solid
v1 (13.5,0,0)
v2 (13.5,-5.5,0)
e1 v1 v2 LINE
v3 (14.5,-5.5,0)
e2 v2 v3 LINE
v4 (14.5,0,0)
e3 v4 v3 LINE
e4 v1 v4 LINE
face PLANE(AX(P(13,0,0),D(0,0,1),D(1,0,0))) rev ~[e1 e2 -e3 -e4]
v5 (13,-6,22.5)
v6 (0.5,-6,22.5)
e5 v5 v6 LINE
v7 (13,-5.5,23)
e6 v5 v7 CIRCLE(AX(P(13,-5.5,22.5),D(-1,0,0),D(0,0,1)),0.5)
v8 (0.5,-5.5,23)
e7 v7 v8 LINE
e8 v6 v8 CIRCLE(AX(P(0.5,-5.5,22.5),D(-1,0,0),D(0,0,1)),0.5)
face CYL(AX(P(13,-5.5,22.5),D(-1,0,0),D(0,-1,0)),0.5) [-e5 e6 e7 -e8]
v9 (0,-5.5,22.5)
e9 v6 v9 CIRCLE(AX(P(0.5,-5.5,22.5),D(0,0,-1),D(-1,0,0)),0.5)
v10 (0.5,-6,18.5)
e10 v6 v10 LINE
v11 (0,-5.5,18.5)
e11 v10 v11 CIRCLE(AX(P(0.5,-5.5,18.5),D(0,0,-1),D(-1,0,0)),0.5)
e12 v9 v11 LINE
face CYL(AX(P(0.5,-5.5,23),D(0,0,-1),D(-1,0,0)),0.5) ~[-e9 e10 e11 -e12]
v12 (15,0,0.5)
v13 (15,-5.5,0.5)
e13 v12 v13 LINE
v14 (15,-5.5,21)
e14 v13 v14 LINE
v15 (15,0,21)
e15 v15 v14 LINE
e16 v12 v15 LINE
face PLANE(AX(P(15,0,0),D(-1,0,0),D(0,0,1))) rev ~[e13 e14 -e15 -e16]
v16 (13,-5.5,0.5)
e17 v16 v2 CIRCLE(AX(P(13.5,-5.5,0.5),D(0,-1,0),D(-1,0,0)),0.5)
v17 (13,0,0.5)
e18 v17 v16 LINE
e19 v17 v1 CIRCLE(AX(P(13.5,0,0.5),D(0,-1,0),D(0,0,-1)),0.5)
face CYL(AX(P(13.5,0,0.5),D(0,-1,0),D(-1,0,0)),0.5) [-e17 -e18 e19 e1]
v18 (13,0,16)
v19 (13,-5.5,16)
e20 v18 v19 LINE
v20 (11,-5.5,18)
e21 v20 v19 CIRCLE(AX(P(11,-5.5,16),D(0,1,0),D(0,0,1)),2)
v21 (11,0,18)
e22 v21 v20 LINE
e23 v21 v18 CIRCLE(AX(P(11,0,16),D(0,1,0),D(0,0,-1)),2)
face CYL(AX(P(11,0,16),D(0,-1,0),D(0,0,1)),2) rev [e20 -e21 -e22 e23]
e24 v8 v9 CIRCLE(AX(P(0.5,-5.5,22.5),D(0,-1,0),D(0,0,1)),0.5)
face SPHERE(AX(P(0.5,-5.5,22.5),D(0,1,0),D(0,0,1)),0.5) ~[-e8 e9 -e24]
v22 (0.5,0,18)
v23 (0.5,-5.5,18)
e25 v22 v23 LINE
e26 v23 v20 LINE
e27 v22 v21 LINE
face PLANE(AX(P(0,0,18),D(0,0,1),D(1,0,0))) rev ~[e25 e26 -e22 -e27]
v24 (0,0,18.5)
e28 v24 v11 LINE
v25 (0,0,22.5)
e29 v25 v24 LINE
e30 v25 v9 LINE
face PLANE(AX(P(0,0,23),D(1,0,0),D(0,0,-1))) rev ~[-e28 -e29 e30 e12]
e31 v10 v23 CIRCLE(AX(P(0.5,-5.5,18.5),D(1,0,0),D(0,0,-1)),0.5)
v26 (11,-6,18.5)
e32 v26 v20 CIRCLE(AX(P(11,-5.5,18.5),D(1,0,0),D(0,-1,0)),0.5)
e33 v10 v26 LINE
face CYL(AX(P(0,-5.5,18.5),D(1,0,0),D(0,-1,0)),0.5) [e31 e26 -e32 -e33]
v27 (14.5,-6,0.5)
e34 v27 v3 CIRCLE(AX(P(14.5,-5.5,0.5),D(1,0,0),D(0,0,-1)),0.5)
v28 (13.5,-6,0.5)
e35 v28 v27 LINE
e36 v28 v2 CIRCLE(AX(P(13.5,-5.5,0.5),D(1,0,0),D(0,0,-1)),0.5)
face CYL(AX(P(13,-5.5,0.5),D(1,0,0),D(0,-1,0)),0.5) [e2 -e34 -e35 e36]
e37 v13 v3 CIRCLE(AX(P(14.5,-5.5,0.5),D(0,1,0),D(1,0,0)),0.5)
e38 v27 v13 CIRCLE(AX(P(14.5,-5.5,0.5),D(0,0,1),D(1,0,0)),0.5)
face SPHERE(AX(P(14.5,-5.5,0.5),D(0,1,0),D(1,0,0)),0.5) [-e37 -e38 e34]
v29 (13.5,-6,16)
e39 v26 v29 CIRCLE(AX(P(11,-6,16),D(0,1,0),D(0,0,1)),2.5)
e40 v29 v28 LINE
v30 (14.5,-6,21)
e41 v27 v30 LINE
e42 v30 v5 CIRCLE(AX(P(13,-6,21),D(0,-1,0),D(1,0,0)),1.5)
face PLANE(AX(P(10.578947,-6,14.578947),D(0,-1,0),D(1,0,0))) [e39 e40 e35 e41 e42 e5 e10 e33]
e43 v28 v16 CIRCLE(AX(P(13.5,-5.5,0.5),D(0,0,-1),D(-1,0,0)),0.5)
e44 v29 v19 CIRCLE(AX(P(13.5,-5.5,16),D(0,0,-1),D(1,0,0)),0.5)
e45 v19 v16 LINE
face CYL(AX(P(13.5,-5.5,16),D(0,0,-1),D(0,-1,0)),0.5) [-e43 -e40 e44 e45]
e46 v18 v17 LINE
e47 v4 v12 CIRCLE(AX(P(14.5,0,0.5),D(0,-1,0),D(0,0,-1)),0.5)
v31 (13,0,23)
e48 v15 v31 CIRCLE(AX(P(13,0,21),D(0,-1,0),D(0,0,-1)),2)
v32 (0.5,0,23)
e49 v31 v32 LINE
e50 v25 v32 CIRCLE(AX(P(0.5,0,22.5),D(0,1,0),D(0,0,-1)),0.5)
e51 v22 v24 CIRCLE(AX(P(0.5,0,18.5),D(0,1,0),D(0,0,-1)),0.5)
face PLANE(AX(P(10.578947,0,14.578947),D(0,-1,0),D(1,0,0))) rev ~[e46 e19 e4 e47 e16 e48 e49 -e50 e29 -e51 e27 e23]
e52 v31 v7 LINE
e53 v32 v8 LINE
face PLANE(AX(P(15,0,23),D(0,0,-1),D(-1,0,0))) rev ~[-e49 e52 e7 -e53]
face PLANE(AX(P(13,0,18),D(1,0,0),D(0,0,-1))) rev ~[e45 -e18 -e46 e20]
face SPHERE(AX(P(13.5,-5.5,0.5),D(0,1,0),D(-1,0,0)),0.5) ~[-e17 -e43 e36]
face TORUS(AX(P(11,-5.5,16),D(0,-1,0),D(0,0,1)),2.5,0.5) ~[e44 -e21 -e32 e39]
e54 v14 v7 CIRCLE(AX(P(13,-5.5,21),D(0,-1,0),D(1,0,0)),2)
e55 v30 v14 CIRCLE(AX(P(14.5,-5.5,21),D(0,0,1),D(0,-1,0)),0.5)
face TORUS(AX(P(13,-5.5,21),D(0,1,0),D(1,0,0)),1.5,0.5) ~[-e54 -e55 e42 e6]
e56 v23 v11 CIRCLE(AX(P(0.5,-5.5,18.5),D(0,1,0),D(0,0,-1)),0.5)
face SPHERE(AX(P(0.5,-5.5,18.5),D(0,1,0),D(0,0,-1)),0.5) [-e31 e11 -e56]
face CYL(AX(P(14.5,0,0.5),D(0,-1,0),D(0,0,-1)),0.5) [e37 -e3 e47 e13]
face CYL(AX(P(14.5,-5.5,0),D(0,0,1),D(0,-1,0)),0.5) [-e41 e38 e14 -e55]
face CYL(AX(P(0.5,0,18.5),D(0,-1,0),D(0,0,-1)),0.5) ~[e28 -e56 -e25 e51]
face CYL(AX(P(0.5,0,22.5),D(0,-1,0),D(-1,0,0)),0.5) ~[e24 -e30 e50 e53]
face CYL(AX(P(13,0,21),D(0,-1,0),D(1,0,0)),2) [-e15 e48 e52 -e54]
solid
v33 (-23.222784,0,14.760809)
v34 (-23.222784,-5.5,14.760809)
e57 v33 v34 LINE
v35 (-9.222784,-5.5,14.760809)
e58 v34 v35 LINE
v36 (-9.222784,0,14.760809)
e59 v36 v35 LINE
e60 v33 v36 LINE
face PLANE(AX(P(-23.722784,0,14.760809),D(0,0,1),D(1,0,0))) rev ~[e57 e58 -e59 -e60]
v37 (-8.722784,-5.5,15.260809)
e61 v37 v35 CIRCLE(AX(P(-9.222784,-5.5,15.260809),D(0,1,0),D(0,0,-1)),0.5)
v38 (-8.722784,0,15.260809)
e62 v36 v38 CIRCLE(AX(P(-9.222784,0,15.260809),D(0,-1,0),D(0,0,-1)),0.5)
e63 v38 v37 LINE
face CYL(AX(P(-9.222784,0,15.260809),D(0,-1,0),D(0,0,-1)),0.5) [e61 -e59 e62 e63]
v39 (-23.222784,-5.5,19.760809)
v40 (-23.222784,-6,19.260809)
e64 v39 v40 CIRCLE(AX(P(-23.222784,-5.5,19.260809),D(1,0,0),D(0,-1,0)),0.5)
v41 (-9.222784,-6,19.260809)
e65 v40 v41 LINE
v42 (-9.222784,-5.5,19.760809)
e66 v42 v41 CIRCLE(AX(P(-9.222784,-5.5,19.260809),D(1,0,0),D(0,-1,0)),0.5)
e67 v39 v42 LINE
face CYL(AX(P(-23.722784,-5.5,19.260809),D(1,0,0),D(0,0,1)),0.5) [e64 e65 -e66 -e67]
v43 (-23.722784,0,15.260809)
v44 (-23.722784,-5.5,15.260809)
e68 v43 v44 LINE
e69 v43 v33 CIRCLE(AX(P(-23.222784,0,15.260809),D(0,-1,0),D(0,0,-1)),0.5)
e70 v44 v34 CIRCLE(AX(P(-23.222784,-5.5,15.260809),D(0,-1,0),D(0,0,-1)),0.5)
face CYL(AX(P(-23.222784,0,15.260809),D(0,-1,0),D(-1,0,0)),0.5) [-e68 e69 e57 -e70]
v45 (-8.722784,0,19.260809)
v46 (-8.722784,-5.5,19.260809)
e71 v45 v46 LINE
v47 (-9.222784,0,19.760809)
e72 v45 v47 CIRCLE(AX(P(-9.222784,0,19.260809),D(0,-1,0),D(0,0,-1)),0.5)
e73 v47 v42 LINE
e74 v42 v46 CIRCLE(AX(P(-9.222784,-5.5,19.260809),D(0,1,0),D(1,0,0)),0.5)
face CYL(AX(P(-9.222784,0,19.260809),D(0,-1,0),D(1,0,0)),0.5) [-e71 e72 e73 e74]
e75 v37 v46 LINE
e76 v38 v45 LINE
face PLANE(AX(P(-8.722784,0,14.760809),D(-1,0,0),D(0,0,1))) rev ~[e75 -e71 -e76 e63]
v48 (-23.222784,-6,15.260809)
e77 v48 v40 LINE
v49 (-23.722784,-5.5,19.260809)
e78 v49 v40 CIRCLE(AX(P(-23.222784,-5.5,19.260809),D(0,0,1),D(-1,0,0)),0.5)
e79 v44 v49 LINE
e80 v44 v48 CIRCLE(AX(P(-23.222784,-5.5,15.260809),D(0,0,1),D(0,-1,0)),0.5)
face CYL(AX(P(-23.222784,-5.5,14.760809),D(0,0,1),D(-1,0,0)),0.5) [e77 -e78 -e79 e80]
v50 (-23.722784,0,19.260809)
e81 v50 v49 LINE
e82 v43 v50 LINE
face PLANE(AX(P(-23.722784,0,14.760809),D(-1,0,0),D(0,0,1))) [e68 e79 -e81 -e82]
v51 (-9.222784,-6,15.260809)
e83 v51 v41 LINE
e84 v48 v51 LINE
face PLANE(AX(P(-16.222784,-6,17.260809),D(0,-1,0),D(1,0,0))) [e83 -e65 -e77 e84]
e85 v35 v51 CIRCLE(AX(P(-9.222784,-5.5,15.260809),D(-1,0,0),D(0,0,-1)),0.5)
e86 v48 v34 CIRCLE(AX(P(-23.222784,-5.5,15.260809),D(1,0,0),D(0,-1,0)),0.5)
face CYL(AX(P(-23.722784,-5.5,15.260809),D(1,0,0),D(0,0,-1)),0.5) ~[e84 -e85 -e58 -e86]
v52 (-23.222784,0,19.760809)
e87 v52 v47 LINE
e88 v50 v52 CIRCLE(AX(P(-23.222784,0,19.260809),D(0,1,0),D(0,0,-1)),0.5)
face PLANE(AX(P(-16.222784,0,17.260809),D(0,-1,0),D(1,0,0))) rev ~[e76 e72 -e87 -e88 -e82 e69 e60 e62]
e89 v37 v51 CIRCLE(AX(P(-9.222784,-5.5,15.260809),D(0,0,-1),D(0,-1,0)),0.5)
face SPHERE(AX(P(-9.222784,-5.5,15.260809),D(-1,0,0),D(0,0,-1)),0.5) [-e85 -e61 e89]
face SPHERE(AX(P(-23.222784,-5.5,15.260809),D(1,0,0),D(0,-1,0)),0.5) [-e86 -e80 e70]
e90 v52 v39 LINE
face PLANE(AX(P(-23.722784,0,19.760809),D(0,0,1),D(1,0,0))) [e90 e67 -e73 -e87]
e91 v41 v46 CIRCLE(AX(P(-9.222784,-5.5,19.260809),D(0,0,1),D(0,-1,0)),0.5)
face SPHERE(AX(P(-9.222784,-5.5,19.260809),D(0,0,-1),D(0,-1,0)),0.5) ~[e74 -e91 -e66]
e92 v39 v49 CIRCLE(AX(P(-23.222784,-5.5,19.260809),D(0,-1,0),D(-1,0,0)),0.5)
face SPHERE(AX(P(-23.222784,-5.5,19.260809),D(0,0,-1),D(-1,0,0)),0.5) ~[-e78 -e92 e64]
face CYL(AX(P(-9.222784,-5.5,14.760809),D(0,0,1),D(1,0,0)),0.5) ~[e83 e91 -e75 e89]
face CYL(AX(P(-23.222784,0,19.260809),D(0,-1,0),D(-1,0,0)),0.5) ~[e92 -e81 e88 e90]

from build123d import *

# Parameters (mm, degrees)
F0_W     = 15
F0_H     = 5
F1_DEPTH = 6
F2_R     = 2
F3_R     = 0.5


with BuildPart() as f1:
    # F0 (on Front) → F1 (new body)
    with BuildSketch(Plane.XZ):
        Polygon((0, 23), (0, 18), (13, 18), (13, 0), (15, 0), (15, 23), align=None)
        with Locations((-16.222784, 17.260809)):
            Rectangle(F0_W, F0_H)
    extrude(amount=F1_DEPTH)

    # F2
    f2_edges = [f1.edges().sort_by_distance(p)[0] for p in [
        (15, -3, 23),
        (13, -3, 18),
    ]]
    fillet(f2_edges, radius=F2_R)

    # F3
    f3_edges = [f1.edges().sort_by_distance(p)[0] for p in [
        (0, -3, 23),
        (0, -3, 18),
        (13, -3, 0),
        (15, -3, 0),
        (13, -6, 8),
        (15, -6, 10.5),
        (-16.222784, -6, 14.760809),
        (-23.722784, -6, 17.260809),
        (-23.722784, -3, 14.760809),
        (-23.722784, -3, 19.760809),
        (-8.722784, -3, 14.760809),
        (-8.722784, -6, 17.260809),
        (-16.222784, -6, 19.760809),
        (-8.722784, -3, 19.760809),
        (0, -6, 20.5),
        (14, -6, 0),
    ]]
    fillet(f3_edges, radius=F3_R)


solid = f1.part
